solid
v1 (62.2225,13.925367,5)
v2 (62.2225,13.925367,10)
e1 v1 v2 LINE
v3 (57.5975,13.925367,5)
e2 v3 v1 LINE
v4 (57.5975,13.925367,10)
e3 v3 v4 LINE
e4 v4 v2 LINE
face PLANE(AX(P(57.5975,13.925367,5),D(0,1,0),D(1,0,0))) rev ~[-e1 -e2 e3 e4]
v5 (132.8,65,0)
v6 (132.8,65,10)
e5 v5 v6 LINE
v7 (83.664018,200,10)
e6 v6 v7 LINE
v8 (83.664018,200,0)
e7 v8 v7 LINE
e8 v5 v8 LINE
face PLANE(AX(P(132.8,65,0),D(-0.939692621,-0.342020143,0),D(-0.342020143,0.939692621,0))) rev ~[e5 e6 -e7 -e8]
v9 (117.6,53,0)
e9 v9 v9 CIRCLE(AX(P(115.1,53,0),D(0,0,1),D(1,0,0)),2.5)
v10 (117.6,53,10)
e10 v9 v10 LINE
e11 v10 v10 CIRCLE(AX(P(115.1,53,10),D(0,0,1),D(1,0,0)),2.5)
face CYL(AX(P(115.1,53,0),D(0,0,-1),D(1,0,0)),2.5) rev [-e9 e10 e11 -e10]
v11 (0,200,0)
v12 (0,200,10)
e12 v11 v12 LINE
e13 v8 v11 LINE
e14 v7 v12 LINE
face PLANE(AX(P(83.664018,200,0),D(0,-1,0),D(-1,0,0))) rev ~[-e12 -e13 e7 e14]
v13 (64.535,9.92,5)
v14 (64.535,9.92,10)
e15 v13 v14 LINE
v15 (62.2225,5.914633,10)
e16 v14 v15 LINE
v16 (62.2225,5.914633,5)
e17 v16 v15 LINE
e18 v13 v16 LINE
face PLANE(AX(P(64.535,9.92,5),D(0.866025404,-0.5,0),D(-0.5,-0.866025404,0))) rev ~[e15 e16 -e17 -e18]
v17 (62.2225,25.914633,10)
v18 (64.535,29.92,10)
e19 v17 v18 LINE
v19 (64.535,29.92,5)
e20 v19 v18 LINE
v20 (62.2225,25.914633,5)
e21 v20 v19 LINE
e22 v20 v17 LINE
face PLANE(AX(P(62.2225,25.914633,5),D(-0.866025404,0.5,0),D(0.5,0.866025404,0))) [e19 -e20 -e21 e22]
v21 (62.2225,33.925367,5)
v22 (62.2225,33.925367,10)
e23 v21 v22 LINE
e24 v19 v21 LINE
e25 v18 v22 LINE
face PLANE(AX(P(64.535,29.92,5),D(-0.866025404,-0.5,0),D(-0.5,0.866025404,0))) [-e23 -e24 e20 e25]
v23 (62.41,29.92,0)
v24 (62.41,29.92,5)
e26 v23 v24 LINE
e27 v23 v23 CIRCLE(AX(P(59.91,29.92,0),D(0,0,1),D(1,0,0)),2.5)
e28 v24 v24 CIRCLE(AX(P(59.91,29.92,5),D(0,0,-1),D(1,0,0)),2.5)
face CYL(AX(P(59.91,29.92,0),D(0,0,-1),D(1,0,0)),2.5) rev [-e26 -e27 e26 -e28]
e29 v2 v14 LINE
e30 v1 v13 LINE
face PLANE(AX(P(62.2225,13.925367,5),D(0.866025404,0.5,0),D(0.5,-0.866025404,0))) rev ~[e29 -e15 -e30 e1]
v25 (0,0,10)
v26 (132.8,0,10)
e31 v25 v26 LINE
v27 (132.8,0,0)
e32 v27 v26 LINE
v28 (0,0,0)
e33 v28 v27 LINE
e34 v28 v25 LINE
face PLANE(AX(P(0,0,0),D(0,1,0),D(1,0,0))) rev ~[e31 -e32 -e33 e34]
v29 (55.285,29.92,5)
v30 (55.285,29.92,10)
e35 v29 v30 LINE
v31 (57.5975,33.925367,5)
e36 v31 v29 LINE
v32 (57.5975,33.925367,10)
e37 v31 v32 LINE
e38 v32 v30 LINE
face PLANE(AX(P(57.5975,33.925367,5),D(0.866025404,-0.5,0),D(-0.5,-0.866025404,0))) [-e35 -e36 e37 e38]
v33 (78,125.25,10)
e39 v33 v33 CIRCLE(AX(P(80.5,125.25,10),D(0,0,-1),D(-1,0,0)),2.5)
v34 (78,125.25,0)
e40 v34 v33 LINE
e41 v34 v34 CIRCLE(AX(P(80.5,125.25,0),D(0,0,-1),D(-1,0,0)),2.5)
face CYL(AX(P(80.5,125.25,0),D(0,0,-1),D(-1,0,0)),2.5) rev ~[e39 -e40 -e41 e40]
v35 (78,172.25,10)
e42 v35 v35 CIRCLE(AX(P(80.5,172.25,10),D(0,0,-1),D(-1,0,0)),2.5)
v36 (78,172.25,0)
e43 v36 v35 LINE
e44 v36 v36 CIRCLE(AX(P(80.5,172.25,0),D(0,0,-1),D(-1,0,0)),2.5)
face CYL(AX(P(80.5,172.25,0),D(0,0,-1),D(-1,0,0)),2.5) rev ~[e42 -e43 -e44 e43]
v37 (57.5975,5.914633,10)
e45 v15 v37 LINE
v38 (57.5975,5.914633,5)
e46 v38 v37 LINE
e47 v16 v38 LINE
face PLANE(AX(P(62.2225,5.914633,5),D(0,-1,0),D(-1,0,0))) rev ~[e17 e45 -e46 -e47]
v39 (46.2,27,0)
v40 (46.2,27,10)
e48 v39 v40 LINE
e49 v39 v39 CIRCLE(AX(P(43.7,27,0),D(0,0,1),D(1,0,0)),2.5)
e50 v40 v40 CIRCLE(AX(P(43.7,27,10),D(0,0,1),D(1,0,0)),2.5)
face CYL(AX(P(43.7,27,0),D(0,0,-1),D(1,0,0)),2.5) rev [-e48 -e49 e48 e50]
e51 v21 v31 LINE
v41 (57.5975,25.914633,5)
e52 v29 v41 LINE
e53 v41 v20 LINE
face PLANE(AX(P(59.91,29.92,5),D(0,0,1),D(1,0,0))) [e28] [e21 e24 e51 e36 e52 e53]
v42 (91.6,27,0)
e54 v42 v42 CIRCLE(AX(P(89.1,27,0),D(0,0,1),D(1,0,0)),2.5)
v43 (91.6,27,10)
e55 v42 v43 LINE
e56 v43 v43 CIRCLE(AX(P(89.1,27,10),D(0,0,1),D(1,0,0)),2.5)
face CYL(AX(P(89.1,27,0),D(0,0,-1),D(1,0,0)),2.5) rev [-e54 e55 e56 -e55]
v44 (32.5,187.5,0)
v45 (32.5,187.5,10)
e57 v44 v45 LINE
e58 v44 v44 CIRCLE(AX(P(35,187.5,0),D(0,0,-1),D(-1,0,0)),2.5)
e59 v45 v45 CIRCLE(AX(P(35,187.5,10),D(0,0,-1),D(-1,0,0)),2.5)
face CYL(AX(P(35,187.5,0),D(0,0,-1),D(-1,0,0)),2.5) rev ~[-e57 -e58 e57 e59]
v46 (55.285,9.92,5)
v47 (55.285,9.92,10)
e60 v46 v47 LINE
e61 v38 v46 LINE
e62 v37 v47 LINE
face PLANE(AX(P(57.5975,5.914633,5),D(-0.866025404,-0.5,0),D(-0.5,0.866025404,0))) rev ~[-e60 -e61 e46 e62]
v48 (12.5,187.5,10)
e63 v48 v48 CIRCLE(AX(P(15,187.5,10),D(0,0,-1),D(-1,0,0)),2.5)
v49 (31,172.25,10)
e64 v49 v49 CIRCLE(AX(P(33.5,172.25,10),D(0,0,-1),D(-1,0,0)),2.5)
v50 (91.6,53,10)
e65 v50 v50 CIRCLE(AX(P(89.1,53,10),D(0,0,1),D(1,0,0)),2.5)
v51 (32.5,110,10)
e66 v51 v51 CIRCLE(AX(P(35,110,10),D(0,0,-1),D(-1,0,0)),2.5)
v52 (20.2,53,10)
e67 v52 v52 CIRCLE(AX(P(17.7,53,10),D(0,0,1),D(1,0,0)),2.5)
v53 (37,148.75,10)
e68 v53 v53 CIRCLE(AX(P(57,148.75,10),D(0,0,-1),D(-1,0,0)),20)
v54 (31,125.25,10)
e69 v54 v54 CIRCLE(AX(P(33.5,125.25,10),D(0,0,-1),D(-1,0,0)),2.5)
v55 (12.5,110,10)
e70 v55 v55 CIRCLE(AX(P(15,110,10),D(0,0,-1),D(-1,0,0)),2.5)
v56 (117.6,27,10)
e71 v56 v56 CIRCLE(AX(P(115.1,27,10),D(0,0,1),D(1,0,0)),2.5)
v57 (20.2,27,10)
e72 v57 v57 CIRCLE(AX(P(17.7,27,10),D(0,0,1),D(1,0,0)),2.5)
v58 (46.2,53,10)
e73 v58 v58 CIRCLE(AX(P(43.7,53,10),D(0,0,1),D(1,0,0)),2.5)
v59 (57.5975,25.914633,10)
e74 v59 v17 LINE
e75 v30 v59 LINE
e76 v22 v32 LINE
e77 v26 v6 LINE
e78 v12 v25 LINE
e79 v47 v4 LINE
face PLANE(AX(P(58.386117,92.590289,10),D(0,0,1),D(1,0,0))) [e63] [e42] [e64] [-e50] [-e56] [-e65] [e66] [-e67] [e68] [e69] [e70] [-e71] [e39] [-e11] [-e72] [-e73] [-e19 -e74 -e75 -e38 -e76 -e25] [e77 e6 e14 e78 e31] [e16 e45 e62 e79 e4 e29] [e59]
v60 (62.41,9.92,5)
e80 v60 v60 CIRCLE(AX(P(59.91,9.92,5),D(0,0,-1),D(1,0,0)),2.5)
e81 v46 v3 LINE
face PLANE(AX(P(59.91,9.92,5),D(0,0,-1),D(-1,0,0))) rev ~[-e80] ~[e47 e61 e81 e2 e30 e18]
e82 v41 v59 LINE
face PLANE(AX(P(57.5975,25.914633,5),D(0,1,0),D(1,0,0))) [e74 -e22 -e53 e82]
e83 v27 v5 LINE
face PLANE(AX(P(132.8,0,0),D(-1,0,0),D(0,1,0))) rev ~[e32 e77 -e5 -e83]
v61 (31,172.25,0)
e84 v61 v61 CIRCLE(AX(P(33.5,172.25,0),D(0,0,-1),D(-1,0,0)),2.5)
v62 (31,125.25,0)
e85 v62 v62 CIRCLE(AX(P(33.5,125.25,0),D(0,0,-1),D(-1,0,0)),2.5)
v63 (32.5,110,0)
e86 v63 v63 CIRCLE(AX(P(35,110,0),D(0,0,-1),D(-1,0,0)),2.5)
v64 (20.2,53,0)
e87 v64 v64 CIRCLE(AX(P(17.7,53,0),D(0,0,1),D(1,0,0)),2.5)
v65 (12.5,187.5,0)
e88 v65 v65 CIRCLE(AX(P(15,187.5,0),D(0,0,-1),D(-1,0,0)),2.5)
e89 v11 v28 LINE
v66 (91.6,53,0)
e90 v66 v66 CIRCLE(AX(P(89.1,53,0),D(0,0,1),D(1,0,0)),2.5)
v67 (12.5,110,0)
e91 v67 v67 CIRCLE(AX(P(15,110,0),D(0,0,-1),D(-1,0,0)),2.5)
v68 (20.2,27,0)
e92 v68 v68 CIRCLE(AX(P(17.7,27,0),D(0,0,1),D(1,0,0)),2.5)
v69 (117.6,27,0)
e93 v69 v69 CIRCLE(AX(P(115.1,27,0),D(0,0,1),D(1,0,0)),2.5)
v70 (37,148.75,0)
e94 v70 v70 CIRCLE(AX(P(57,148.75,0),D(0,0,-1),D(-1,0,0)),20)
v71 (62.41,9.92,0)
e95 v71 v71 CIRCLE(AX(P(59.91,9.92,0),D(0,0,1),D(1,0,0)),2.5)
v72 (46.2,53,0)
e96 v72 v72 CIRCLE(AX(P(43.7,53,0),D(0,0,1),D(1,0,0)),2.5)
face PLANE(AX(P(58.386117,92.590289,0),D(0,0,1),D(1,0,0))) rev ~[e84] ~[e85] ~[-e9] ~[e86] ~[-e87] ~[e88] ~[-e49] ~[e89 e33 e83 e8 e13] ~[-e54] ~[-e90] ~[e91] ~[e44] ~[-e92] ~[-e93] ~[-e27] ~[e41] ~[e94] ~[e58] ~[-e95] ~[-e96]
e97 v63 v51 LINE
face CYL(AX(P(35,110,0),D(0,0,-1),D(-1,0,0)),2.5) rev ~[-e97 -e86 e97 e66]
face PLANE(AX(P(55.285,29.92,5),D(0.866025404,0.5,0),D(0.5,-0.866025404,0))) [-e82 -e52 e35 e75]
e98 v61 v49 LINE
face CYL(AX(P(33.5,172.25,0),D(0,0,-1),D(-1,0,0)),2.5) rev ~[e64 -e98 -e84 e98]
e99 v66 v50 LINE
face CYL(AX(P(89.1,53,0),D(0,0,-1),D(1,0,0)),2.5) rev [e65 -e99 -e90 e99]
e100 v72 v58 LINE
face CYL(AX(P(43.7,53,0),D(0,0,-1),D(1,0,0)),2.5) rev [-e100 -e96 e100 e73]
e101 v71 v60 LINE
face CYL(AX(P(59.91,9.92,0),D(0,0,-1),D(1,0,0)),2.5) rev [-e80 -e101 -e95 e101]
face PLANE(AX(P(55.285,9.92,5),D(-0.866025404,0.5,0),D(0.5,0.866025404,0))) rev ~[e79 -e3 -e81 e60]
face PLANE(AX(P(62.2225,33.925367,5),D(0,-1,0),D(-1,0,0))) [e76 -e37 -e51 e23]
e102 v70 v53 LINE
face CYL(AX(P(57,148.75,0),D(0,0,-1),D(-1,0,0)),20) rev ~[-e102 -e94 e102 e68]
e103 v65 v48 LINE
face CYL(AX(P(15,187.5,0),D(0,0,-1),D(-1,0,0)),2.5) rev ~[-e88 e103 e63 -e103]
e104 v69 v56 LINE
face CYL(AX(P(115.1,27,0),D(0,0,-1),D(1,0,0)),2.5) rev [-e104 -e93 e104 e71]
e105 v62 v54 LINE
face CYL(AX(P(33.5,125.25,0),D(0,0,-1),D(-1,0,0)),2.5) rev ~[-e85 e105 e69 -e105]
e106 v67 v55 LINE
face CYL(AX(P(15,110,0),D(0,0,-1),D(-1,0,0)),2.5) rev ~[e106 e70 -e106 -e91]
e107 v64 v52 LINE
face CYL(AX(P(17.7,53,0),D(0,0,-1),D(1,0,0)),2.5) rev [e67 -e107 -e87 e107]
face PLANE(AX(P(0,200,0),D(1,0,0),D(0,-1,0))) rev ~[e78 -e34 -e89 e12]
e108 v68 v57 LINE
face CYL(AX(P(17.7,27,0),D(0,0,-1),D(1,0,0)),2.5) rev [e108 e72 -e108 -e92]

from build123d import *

# Parameters (mm, degrees)
SKETCH1_R           = 2.5
BOSS_EXTRUDE1_DEPTH = 10
CUT_EXTRUDE1_START  = 5
SKETCH1_3_R         = 2.5
CUT_EXTRUDE1_DEPTH  = 5
SKETCH4_R           = 2.5
SKETCH4_R_2         = 20
CUT_EXTRUDE2_DEPTH  = 241.282833344


with BuildPart() as part:
    # Sketch1 → Boss-Extrude1 (new body)
    with BuildSketch(Plane.XY):
        Polygon((0, 200), (0, 0), (132.8, 0), (132.8, 65), (83.664018374, 200), align=None)
        with Locations((17.7, 27)):
            Circle(SKETCH1_R, mode=Mode.SUBTRACT)
        with Locations((43.7, 27)):
            Circle(SKETCH1_R, mode=Mode.SUBTRACT)
        with Locations((17.7, 53)):
            Circle(SKETCH1_R, mode=Mode.SUBTRACT)
        with Locations((43.7, 53)):
            Circle(SKETCH1_R, mode=Mode.SUBTRACT)
        with Locations((89.1, 27)):
            Circle(SKETCH1_R, mode=Mode.SUBTRACT)
        with Locations((115.1, 27)):
            Circle(SKETCH1_R, mode=Mode.SUBTRACT)
        with Locations((89.1, 53)):
            Circle(SKETCH1_R, mode=Mode.SUBTRACT)
        with Locations((115.1, 53)):
            Circle(SKETCH1_R, mode=Mode.SUBTRACT)
        with Locations((59.91, 9.92)):
            Circle(SKETCH1_R, mode=Mode.SUBTRACT)
        with Locations((59.91, 29.92)):
            Circle(SKETCH1_R, mode=Mode.SUBTRACT)
    extrude(amount=BOSS_EXTRUDE1_DEPTH)

    # Sketch1<3> → Cut-Extrude1 (cut)
    # profile 1 of 2: a face of its own
    with BuildSketch(Plane.XY.offset(CUT_EXTRUDE1_START)):
        Polygon((62.2225, 25.914632507), (64.535, 29.92), (62.2225, 33.925367493), (57.5975, 33.925367493), (55.285, 29.92), (57.5975, 25.914632507), align=None)
        with Locations((59.91, 29.92)):
            Circle(SKETCH1_3_R, mode=Mode.SUBTRACT)
    # profile 2 of 2: a face of its own
    with BuildSketch(Plane.XY.offset(CUT_EXTRUDE1_START)):
        Polygon((64.535, 9.92), (62.2225, 13.925367493), (57.5975, 13.925367493), (55.285, 9.92), (57.5975, 5.914632507), (62.2225, 5.914632507), align=None)
        with Locations((59.91, 9.92)):
            Circle(SKETCH1_3_R, mode=Mode.SUBTRACT)
    extrude(amount=CUT_EXTRUDE1_DEPTH, mode=Mode.SUBTRACT)

    # Sketch4 → Cut-Extrude2 (cut, through all)
    with BuildSketch(Plane(origin=(0, 0, 0), x_dir=(-1, 0, 0), z_dir=(0, 0, -1))):
        with Locations((-15, 187.5)):
            Circle(SKETCH4_R)
        with Locations((-35, 187.5)):
            Circle(SKETCH4_R)
        with Locations((-35, 110)):
            Circle(SKETCH4_R)
        with Locations((-15, 110)):
            Circle(SKETCH4_R)
        with Locations((-57, 148.75)):
            Circle(SKETCH4_R_2)
        with Locations((-33.5, 172.25)):
            Circle(SKETCH4_R)
        with Locations((-33.5, 125.25)):
            Circle(SKETCH4_R)
        with Locations((-80.5, 125.25)):
            Circle(SKETCH4_R)
        with Locations((-80.5, 172.25)):
            Circle(SKETCH4_R)
    extrude(amount=-CUT_EXTRUDE2_DEPTH, mode=Mode.SUBTRACT)


solid = part.part
